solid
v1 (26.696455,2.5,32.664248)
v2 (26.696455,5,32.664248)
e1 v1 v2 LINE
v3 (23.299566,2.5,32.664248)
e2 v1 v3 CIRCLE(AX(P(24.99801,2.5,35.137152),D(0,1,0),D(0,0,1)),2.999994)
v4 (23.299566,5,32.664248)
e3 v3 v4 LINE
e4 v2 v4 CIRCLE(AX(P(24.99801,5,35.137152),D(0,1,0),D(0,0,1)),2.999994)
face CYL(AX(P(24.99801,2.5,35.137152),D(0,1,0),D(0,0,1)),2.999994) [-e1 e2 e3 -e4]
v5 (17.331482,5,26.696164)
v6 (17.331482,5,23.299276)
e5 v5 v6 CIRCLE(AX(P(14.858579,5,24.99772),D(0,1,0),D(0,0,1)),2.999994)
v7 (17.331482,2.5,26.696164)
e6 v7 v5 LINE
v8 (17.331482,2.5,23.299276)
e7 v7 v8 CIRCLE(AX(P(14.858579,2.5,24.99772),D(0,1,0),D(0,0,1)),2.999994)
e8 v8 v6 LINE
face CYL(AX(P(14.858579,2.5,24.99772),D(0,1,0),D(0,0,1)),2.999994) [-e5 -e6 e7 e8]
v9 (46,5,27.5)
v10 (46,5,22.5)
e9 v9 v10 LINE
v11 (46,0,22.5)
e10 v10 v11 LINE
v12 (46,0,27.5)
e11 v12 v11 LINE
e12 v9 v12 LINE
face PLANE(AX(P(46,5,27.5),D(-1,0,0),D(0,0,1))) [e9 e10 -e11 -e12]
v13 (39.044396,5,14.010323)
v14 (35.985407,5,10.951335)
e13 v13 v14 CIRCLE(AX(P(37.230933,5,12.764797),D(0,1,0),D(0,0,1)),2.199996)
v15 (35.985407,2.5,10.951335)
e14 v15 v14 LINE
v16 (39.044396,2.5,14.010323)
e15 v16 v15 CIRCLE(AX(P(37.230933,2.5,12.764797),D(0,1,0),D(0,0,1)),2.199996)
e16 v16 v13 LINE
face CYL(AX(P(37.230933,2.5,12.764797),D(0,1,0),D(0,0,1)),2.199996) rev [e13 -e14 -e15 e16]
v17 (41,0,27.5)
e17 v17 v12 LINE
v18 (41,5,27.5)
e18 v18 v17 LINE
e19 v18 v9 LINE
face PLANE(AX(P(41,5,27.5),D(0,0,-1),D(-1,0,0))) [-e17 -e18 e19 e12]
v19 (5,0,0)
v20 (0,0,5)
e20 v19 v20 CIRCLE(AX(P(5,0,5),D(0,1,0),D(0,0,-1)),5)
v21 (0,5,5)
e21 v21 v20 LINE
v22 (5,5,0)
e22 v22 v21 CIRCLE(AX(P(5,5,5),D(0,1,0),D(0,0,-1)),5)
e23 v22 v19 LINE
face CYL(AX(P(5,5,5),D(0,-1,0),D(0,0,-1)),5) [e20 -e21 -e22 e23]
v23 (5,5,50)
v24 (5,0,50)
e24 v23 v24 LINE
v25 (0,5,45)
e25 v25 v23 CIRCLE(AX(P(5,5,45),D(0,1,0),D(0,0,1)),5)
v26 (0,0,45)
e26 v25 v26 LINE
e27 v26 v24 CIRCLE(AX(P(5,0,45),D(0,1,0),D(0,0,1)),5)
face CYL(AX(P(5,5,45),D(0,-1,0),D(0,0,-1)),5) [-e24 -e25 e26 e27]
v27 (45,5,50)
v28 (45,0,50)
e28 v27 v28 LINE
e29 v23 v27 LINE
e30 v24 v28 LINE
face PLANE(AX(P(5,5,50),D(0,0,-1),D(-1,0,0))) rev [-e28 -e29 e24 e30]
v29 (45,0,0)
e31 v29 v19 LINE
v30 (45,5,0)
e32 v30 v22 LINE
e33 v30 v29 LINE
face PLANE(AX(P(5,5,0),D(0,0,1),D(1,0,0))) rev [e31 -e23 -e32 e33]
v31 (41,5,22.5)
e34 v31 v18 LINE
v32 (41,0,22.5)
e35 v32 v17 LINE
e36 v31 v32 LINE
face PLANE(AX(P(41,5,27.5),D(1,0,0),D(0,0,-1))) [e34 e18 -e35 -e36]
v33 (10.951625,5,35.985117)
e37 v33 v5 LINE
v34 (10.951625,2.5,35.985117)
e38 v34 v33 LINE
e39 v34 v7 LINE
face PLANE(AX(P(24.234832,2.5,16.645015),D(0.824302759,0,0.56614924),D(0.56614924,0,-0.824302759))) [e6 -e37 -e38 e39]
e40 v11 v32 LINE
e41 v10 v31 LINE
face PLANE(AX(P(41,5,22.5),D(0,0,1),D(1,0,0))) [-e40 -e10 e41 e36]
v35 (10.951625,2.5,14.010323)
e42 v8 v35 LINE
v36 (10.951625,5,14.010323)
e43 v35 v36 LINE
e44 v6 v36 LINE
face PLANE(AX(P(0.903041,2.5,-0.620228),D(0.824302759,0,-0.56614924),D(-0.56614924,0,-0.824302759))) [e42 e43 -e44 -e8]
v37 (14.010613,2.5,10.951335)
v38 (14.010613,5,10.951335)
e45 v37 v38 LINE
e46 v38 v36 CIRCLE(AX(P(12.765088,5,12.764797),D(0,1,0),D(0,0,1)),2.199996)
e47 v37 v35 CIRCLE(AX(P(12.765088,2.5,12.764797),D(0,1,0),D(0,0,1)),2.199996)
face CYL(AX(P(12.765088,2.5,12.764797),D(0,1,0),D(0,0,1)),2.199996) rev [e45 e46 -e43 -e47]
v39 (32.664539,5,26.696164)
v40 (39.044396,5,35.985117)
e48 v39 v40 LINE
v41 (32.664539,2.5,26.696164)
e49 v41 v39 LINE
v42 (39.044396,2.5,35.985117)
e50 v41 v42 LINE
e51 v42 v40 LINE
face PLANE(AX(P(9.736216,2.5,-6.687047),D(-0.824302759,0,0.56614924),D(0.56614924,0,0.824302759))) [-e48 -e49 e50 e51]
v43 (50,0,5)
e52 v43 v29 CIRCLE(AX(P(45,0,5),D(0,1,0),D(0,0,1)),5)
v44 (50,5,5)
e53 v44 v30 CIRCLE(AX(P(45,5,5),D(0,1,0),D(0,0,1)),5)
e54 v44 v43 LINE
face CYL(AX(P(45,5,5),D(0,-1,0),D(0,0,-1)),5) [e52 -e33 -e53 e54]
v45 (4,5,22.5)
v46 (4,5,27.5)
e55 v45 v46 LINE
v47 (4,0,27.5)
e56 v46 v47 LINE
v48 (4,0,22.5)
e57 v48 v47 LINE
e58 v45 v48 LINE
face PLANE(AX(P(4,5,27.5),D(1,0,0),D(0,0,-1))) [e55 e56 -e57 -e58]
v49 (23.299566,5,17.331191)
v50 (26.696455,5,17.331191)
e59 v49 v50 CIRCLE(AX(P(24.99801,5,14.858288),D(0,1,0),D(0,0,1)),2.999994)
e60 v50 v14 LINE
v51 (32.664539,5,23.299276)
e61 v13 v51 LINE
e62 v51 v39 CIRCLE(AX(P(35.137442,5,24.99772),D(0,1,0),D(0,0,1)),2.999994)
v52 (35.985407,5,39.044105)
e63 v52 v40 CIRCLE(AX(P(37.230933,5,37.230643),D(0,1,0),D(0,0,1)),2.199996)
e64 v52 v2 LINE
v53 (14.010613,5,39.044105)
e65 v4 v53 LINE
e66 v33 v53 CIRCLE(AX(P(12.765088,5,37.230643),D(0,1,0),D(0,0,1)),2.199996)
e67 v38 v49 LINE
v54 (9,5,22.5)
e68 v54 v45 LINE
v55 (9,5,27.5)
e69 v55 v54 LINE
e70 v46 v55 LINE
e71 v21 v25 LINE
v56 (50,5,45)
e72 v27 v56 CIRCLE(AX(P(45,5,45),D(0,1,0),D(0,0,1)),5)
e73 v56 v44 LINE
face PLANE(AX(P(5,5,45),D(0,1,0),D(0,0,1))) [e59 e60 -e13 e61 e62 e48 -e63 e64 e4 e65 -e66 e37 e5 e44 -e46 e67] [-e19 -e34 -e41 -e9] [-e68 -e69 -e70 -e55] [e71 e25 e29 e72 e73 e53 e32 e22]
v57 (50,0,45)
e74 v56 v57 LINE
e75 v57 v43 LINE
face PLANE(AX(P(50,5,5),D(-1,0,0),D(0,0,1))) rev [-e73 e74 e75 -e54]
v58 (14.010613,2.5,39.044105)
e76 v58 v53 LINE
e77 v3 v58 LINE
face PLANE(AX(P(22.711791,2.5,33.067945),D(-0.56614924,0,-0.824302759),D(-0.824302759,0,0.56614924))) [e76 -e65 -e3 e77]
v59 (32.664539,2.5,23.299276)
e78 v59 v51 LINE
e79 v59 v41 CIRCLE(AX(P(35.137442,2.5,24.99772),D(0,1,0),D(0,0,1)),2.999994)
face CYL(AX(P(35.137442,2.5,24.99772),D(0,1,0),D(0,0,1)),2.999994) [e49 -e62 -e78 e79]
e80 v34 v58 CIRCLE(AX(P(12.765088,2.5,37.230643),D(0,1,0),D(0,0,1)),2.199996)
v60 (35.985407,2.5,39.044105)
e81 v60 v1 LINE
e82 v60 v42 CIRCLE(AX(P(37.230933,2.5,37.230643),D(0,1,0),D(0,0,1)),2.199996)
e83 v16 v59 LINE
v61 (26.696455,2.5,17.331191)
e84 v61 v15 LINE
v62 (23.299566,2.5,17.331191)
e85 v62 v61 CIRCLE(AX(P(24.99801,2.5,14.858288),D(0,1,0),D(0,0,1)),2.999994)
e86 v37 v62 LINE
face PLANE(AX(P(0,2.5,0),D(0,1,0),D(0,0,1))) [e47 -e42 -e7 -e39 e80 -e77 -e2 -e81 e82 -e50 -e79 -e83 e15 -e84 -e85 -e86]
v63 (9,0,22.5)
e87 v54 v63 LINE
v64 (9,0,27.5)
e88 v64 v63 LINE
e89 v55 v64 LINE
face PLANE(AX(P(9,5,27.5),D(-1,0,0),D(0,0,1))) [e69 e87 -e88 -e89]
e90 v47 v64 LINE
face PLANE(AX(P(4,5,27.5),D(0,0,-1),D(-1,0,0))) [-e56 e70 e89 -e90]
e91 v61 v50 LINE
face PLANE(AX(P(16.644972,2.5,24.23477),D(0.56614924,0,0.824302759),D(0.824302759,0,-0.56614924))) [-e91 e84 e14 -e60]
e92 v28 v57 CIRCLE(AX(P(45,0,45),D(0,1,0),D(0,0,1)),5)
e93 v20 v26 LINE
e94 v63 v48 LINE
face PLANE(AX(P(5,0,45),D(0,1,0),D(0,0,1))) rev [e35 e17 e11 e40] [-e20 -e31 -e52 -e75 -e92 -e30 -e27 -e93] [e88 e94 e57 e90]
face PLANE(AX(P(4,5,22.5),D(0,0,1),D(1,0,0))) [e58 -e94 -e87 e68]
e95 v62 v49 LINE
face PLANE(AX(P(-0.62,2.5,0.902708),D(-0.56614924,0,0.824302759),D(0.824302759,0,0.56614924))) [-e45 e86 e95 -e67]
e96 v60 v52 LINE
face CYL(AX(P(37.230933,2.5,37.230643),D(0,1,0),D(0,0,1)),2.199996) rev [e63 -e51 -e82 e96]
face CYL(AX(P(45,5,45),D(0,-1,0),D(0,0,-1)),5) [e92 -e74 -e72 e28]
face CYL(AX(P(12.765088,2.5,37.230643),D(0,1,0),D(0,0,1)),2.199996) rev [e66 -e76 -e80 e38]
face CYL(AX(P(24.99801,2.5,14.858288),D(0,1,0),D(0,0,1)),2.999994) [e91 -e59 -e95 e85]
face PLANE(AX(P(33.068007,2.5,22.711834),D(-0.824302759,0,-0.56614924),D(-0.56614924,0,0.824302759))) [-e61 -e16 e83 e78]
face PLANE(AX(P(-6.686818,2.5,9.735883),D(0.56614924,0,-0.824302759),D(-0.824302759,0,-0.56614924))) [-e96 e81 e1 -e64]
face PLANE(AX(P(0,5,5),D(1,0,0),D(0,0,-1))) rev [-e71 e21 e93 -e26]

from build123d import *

# Parameters (mm, degrees)
SKETCH2_W           = 5
SKETCH2_H           = 5
BOSS_EXTRUDE1_DEPTH = 5
CUT_EXTRUDE1_DEPTH  = 2.5


with BuildPart() as part:
    # Sketch2 → Boss-Extrude1 (new body)
    with BuildSketch(Plane(origin=(0, 0, 0), x_dir=(1, 0, 0), z_dir=(0, 1, 0))):
        with BuildLine():
            Line((5, 0), (45, 0))
            ThreePointArc((45, 0), (48.535533906, -1.464466094), (50, -5))
            Line((50, -5), (50, -45))
            ThreePointArc((50, -45), (48.535533906, -48.535533906), (45, -50))
            Line((45, -50), (5, -50))
            ThreePointArc((5, -50), (1.464466094, -48.535533906), (0, -45))
            Line((0, -45), (0, -5))
            ThreePointArc((0, -5), (1.464466094, -1.464466094), (5, 0))
        make_face()
        with Locations((6.5, -25)):
            Rectangle(SKETCH2_W, SKETCH2_H, mode=Mode.SUBTRACT)
        with Locations((43.5, -25)):
            Rectangle(SKETCH2_W, SKETCH2_H, mode=Mode.SUBTRACT)
    extrude(amount=BOSS_EXTRUDE1_DEPTH)

    # Sketch4 → Cut-Extrude1 (cut)
    with BuildSketch(Plane(origin=(0, 5, 0), x_dir=(1, 0, 0), z_dir=(0, 1, 0))):
        with BuildLine():
            Line((23.299566157, -17.331191341), (14.010613466, -10.951334614))
            ThreePointArc((14.010613466, -10.951334614), (12.563442924, -10.574062008), (11.209455823, -11.209165249))
            ThreePointArc((11.209455823, -11.209165249), (10.574352582, -12.56315235), (10.951625187, -14.010322893))
            Line((10.951625187, -14.010322893), (17.331481915, -23.299275583))
            ThreePointArc((17.331481915, -23.299275583), (17.858572583, -24.997719905), (17.331481915, -26.696164227))
            Line((17.331481915, -26.696164227), (10.951625187, -35.985116918))
            ThreePointArc((10.951625187, -35.985116918), (10.574352582, -37.43228746), (11.209455823, -38.786274561))
            ThreePointArc((11.209455823, -38.786274561), (12.563442924, -39.421377802), (14.010613466, -39.044105197))
            Line((14.010613466, -39.044105197), (23.299566157, -32.664248469))
            ThreePointArc((23.299566157, -32.664248469), (24.998010479, -32.137157801), (26.696454801, -32.664248469))
            Line((26.696454801, -32.664248469), (35.985407491, -39.044105197))
            ThreePointArc((35.985407491, -39.044105197), (37.432578034, -39.421377802), (38.786565135, -38.786274561))
            ThreePointArc((38.786565135, -38.786274561), (39.421668376, -37.43228746), (39.04439577, -35.985116918))
            Line((39.04439577, -35.985116918), (32.664539043, -26.696164227))
            ThreePointArc((32.664539043, -26.696164227), (32.137448374, -24.997719905), (32.664539043, -23.299275583))
            Line((32.664539043, -23.299275583), (39.04439577, -14.010322893))
            ThreePointArc((39.04439577, -14.010322893), (39.421668376, -12.56315235), (38.786565135, -11.209165249))
            ThreePointArc((38.786565135, -11.209165249), (37.432578034, -10.574062008), (35.985407491, -10.951334614))
            Line((35.985407491, -10.951334614), (26.696454801, -17.331191341))
            ThreePointArc((26.696454801, -17.331191341), (24.998010479, -17.85828201), (23.299566157, -17.331191341))
        make_face()
    extrude(amount=-CUT_EXTRUDE1_DEPTH, mode=Mode.SUBTRACT)


solid = part.part
